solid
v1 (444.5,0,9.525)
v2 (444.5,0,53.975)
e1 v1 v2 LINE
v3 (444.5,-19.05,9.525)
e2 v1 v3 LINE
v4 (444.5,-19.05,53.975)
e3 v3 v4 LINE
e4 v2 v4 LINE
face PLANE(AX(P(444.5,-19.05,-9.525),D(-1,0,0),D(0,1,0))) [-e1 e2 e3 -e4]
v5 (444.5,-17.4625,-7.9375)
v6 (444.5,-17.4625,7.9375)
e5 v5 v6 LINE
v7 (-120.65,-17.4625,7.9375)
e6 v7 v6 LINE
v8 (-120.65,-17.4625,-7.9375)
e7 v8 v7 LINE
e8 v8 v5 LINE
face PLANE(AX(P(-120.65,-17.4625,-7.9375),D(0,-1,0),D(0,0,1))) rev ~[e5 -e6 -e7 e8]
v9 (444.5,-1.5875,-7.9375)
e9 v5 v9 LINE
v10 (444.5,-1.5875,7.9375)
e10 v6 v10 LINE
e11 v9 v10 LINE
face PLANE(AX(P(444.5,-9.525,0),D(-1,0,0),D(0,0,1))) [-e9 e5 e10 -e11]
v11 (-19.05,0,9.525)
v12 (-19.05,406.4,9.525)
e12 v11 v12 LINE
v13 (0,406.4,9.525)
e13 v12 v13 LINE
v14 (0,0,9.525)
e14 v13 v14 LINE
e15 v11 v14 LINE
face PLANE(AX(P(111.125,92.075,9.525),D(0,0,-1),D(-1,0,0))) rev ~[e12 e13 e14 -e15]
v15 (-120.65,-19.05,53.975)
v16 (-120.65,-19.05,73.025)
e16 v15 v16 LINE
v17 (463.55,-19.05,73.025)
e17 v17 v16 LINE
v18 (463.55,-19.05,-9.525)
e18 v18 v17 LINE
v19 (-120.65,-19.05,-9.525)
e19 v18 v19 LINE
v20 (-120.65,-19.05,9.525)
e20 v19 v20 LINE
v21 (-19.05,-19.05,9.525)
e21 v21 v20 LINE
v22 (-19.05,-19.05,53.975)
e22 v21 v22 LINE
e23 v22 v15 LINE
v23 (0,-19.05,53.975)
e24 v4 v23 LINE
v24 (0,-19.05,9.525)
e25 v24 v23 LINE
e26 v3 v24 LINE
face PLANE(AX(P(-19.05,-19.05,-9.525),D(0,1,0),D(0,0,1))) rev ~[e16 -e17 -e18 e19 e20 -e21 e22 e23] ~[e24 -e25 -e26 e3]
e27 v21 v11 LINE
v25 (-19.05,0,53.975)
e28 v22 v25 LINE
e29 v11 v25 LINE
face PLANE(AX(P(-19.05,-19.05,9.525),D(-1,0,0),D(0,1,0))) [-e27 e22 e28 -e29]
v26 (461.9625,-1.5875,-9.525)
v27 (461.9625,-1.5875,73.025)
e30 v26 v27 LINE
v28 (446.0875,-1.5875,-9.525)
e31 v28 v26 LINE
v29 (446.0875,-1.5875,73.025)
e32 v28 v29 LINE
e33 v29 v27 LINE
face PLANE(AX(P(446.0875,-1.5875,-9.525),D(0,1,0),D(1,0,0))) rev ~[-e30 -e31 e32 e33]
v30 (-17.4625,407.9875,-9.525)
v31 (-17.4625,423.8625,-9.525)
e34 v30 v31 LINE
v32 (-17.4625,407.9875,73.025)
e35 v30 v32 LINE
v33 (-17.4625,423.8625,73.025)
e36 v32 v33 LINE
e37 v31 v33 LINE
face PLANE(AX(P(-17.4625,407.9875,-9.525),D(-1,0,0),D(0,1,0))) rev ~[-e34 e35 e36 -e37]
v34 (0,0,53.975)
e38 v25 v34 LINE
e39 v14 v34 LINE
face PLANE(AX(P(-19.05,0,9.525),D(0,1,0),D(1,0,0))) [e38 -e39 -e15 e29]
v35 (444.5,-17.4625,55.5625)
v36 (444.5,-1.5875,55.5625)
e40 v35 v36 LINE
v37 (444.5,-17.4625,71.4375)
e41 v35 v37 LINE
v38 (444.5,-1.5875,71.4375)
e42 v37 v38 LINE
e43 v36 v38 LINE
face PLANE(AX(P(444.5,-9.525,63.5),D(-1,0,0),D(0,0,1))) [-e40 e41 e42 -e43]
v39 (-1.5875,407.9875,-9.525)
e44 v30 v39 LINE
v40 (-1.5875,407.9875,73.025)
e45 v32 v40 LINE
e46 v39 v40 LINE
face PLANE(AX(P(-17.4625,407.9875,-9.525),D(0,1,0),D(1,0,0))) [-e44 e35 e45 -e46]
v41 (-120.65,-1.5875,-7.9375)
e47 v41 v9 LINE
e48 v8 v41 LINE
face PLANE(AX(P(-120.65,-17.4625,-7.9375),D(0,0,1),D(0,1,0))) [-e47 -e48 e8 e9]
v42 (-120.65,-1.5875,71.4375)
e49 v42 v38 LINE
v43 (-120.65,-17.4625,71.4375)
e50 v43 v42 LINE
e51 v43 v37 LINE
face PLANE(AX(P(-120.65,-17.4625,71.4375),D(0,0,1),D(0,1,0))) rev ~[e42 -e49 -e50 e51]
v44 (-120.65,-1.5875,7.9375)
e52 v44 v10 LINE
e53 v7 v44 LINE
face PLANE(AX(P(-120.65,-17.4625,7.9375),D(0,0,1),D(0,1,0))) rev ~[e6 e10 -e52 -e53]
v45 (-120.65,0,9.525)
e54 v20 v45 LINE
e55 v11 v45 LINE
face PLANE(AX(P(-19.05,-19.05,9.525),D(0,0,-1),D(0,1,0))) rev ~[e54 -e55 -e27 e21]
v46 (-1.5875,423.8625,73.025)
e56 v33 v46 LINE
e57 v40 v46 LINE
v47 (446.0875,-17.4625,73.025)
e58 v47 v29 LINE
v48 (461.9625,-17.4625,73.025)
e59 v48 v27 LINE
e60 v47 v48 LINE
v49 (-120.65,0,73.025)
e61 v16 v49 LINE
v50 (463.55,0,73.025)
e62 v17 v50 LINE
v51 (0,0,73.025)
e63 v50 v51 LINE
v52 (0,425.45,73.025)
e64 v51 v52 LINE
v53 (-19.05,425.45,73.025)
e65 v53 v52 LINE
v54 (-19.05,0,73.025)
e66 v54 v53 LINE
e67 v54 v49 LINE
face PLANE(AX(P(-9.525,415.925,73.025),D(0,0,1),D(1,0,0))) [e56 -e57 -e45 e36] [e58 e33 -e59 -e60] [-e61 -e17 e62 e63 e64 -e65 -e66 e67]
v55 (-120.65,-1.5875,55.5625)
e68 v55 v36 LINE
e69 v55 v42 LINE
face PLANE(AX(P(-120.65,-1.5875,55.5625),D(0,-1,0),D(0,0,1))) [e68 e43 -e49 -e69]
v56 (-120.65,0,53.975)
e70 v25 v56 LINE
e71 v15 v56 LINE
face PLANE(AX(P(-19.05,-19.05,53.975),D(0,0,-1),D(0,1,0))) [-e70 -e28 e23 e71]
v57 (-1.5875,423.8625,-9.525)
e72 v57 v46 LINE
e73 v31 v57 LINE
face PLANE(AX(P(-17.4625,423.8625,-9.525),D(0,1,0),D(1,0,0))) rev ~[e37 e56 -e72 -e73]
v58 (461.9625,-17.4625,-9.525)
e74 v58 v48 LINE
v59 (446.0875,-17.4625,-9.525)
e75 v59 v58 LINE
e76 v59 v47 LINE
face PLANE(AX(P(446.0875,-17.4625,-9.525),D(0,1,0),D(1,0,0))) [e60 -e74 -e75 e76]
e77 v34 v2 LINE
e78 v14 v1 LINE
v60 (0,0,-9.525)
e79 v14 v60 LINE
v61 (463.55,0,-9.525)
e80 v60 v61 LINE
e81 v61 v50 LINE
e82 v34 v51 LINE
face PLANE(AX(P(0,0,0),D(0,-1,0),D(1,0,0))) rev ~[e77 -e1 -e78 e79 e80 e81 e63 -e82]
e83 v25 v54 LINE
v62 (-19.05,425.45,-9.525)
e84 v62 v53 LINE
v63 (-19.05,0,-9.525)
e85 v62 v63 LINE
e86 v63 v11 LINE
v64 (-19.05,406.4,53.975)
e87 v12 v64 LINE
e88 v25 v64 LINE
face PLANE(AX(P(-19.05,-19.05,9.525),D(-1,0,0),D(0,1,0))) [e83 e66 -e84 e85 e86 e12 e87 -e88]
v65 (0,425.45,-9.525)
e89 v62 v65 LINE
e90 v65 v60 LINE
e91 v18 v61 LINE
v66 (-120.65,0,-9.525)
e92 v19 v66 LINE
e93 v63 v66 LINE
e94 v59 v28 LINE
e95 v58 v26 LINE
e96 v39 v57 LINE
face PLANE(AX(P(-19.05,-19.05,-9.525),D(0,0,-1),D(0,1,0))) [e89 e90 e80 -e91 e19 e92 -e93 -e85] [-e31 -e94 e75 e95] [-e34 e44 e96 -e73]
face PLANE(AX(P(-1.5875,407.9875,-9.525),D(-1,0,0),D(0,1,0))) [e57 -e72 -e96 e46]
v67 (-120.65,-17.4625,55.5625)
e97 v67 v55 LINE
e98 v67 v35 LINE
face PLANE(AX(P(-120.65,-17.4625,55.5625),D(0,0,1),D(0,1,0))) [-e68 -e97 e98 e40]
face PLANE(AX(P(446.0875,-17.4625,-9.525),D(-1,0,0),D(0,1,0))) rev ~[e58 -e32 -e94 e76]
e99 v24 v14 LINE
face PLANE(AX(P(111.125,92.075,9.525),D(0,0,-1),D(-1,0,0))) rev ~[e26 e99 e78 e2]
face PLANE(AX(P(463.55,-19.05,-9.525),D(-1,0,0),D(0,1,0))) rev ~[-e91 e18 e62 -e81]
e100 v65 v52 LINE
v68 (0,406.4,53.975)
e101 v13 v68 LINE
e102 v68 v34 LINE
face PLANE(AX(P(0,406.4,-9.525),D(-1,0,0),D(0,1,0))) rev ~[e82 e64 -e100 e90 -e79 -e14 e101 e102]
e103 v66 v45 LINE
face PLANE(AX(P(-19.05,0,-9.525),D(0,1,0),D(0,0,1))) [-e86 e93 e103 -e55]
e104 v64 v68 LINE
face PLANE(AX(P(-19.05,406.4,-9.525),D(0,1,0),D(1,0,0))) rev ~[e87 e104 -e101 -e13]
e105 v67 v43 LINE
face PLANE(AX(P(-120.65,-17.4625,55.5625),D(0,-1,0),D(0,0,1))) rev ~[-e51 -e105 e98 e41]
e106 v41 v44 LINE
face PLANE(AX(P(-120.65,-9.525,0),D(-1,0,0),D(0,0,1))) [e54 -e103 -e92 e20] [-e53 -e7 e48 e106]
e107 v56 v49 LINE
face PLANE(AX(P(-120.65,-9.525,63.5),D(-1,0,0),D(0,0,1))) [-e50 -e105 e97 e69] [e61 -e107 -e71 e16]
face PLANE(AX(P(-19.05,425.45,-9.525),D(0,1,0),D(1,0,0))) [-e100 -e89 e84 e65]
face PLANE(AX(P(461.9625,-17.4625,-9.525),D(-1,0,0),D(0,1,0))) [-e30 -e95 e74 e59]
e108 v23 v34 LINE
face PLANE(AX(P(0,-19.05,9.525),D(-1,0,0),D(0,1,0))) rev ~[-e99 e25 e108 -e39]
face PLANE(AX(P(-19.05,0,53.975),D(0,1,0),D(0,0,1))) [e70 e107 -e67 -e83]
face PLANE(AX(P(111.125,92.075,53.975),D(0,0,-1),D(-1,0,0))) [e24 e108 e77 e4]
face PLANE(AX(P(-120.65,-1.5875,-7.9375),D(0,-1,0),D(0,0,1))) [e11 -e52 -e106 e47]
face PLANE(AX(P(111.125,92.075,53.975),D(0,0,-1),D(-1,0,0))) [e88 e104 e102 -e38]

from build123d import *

# Parameters (mm, degrees)
SALIENTE_EXTRUIR1_DEPTH = 9.525
SALIENTE_EXTRUIR2_DEPTH = 19.05
SALIENTE_EXTRUIR6_START = -82.55
CROQUIS9_W              = 19.05
CROQUIS9_H              = 19.05
CROQUIS9_W_2            = 15.875
CROQUIS9_H_2            = 15.875
SALIENTE_EXTRUIR6_DEPTH = 82.55
CROQUIS10_W             = 19.05
CROQUIS10_H             = 19.05
SALIENTE_EXTRUIR7_DEPTH = 44.45
CROQUIS11_W             = 19.05
CROQUIS11_H             = 19.05
SALIENTE_EXTRUIR8_DEPTH = 101.6
CROQUIS12_W             = 15.875
CROQUIS12_H             = 15.875
CORTAR_EXTRUIR2_DEPTH   = 565.15


with BuildPart() as part:
    # Croquis2 → Saliente-Extruir1 (new body, symmetric)
    with BuildSketch(Plane.XY):
        Polygon((-19.05, -19.05), (-19.05, 406.4), (0, 406.4), (0, 0), (444.5, 0), (444.5, -19.05), align=None)
    extrude(amount=SALIENTE_EXTRUIR1_DEPTH, both=True)



with BuildPart() as body_2:
    # Croquis3 → Saliente-Extruir2 (new body)
    with BuildSketch(Plane.XY.offset(53.975)):
        Polygon((-19.05, -19.05), (-19.05, 406.4), (0, 406.4), (0, 0), (444.5, 0), (444.5, -19.05), align=None)
    extrude(amount=SALIENTE_EXTRUIR2_DEPTH)


with BuildPart() as part_1:
    add(part.part)

    add(body_2.part)  # Saliente-Extruir6 merges body 2
    # Croquis9 → Saliente-Extruir6 (add)
    with BuildSketch(Plane.XY.offset(73.025).offset(SALIENTE_EXTRUIR6_START)):
        with Locations((-9.525, 415.925)):
            Rectangle(CROQUIS9_W, CROQUIS9_H)
        with Locations((-9.525, 415.925)):
            Rectangle(CROQUIS9_W_2, CROQUIS9_H_2, mode=Mode.SUBTRACT)
        with Locations((454.025, -9.525)):
            Rectangle(CROQUIS9_W, CROQUIS9_H)
        with Locations((454.025, -9.525)):
            Rectangle(CROQUIS9_W_2, CROQUIS9_H_2, mode=Mode.SUBTRACT)
    extrude(amount=SALIENTE_EXTRUIR6_DEPTH)

    # Croquis10 → Saliente-Extruir7 (add)
    with BuildSketch(Plane.XY.offset(9.525)):
        with Locations((-9.525, -9.525)):
            Rectangle(CROQUIS10_W, CROQUIS10_H)
    extrude(amount=SALIENTE_EXTRUIR7_DEPTH)

    # Croquis11 → Saliente-Extruir8 (add)
    with BuildSketch(Plane.ZY.offset(19.05)):
        with Locations((0, -9.525)):
            Rectangle(CROQUIS11_W, CROQUIS11_H)
        with Locations((63.5, -9.525)):
            Rectangle(CROQUIS11_W, CROQUIS11_H)
    extrude(amount=SALIENTE_EXTRUIR8_DEPTH)

    # Croquis12 → Cortar-Extruir2 (cut)
    with BuildSketch(Plane.ZY.offset(120.65)):
        with Locations((0, -9.525)):
            Rectangle(CROQUIS12_W, CROQUIS12_H)
        with Locations((63.5, -9.525)):
            Rectangle(CROQUIS12_W, CROQUIS12_H)
    extrude(amount=-CORTAR_EXTRUIR2_DEPTH, mode=Mode.SUBTRACT)


solid = part_1.part
